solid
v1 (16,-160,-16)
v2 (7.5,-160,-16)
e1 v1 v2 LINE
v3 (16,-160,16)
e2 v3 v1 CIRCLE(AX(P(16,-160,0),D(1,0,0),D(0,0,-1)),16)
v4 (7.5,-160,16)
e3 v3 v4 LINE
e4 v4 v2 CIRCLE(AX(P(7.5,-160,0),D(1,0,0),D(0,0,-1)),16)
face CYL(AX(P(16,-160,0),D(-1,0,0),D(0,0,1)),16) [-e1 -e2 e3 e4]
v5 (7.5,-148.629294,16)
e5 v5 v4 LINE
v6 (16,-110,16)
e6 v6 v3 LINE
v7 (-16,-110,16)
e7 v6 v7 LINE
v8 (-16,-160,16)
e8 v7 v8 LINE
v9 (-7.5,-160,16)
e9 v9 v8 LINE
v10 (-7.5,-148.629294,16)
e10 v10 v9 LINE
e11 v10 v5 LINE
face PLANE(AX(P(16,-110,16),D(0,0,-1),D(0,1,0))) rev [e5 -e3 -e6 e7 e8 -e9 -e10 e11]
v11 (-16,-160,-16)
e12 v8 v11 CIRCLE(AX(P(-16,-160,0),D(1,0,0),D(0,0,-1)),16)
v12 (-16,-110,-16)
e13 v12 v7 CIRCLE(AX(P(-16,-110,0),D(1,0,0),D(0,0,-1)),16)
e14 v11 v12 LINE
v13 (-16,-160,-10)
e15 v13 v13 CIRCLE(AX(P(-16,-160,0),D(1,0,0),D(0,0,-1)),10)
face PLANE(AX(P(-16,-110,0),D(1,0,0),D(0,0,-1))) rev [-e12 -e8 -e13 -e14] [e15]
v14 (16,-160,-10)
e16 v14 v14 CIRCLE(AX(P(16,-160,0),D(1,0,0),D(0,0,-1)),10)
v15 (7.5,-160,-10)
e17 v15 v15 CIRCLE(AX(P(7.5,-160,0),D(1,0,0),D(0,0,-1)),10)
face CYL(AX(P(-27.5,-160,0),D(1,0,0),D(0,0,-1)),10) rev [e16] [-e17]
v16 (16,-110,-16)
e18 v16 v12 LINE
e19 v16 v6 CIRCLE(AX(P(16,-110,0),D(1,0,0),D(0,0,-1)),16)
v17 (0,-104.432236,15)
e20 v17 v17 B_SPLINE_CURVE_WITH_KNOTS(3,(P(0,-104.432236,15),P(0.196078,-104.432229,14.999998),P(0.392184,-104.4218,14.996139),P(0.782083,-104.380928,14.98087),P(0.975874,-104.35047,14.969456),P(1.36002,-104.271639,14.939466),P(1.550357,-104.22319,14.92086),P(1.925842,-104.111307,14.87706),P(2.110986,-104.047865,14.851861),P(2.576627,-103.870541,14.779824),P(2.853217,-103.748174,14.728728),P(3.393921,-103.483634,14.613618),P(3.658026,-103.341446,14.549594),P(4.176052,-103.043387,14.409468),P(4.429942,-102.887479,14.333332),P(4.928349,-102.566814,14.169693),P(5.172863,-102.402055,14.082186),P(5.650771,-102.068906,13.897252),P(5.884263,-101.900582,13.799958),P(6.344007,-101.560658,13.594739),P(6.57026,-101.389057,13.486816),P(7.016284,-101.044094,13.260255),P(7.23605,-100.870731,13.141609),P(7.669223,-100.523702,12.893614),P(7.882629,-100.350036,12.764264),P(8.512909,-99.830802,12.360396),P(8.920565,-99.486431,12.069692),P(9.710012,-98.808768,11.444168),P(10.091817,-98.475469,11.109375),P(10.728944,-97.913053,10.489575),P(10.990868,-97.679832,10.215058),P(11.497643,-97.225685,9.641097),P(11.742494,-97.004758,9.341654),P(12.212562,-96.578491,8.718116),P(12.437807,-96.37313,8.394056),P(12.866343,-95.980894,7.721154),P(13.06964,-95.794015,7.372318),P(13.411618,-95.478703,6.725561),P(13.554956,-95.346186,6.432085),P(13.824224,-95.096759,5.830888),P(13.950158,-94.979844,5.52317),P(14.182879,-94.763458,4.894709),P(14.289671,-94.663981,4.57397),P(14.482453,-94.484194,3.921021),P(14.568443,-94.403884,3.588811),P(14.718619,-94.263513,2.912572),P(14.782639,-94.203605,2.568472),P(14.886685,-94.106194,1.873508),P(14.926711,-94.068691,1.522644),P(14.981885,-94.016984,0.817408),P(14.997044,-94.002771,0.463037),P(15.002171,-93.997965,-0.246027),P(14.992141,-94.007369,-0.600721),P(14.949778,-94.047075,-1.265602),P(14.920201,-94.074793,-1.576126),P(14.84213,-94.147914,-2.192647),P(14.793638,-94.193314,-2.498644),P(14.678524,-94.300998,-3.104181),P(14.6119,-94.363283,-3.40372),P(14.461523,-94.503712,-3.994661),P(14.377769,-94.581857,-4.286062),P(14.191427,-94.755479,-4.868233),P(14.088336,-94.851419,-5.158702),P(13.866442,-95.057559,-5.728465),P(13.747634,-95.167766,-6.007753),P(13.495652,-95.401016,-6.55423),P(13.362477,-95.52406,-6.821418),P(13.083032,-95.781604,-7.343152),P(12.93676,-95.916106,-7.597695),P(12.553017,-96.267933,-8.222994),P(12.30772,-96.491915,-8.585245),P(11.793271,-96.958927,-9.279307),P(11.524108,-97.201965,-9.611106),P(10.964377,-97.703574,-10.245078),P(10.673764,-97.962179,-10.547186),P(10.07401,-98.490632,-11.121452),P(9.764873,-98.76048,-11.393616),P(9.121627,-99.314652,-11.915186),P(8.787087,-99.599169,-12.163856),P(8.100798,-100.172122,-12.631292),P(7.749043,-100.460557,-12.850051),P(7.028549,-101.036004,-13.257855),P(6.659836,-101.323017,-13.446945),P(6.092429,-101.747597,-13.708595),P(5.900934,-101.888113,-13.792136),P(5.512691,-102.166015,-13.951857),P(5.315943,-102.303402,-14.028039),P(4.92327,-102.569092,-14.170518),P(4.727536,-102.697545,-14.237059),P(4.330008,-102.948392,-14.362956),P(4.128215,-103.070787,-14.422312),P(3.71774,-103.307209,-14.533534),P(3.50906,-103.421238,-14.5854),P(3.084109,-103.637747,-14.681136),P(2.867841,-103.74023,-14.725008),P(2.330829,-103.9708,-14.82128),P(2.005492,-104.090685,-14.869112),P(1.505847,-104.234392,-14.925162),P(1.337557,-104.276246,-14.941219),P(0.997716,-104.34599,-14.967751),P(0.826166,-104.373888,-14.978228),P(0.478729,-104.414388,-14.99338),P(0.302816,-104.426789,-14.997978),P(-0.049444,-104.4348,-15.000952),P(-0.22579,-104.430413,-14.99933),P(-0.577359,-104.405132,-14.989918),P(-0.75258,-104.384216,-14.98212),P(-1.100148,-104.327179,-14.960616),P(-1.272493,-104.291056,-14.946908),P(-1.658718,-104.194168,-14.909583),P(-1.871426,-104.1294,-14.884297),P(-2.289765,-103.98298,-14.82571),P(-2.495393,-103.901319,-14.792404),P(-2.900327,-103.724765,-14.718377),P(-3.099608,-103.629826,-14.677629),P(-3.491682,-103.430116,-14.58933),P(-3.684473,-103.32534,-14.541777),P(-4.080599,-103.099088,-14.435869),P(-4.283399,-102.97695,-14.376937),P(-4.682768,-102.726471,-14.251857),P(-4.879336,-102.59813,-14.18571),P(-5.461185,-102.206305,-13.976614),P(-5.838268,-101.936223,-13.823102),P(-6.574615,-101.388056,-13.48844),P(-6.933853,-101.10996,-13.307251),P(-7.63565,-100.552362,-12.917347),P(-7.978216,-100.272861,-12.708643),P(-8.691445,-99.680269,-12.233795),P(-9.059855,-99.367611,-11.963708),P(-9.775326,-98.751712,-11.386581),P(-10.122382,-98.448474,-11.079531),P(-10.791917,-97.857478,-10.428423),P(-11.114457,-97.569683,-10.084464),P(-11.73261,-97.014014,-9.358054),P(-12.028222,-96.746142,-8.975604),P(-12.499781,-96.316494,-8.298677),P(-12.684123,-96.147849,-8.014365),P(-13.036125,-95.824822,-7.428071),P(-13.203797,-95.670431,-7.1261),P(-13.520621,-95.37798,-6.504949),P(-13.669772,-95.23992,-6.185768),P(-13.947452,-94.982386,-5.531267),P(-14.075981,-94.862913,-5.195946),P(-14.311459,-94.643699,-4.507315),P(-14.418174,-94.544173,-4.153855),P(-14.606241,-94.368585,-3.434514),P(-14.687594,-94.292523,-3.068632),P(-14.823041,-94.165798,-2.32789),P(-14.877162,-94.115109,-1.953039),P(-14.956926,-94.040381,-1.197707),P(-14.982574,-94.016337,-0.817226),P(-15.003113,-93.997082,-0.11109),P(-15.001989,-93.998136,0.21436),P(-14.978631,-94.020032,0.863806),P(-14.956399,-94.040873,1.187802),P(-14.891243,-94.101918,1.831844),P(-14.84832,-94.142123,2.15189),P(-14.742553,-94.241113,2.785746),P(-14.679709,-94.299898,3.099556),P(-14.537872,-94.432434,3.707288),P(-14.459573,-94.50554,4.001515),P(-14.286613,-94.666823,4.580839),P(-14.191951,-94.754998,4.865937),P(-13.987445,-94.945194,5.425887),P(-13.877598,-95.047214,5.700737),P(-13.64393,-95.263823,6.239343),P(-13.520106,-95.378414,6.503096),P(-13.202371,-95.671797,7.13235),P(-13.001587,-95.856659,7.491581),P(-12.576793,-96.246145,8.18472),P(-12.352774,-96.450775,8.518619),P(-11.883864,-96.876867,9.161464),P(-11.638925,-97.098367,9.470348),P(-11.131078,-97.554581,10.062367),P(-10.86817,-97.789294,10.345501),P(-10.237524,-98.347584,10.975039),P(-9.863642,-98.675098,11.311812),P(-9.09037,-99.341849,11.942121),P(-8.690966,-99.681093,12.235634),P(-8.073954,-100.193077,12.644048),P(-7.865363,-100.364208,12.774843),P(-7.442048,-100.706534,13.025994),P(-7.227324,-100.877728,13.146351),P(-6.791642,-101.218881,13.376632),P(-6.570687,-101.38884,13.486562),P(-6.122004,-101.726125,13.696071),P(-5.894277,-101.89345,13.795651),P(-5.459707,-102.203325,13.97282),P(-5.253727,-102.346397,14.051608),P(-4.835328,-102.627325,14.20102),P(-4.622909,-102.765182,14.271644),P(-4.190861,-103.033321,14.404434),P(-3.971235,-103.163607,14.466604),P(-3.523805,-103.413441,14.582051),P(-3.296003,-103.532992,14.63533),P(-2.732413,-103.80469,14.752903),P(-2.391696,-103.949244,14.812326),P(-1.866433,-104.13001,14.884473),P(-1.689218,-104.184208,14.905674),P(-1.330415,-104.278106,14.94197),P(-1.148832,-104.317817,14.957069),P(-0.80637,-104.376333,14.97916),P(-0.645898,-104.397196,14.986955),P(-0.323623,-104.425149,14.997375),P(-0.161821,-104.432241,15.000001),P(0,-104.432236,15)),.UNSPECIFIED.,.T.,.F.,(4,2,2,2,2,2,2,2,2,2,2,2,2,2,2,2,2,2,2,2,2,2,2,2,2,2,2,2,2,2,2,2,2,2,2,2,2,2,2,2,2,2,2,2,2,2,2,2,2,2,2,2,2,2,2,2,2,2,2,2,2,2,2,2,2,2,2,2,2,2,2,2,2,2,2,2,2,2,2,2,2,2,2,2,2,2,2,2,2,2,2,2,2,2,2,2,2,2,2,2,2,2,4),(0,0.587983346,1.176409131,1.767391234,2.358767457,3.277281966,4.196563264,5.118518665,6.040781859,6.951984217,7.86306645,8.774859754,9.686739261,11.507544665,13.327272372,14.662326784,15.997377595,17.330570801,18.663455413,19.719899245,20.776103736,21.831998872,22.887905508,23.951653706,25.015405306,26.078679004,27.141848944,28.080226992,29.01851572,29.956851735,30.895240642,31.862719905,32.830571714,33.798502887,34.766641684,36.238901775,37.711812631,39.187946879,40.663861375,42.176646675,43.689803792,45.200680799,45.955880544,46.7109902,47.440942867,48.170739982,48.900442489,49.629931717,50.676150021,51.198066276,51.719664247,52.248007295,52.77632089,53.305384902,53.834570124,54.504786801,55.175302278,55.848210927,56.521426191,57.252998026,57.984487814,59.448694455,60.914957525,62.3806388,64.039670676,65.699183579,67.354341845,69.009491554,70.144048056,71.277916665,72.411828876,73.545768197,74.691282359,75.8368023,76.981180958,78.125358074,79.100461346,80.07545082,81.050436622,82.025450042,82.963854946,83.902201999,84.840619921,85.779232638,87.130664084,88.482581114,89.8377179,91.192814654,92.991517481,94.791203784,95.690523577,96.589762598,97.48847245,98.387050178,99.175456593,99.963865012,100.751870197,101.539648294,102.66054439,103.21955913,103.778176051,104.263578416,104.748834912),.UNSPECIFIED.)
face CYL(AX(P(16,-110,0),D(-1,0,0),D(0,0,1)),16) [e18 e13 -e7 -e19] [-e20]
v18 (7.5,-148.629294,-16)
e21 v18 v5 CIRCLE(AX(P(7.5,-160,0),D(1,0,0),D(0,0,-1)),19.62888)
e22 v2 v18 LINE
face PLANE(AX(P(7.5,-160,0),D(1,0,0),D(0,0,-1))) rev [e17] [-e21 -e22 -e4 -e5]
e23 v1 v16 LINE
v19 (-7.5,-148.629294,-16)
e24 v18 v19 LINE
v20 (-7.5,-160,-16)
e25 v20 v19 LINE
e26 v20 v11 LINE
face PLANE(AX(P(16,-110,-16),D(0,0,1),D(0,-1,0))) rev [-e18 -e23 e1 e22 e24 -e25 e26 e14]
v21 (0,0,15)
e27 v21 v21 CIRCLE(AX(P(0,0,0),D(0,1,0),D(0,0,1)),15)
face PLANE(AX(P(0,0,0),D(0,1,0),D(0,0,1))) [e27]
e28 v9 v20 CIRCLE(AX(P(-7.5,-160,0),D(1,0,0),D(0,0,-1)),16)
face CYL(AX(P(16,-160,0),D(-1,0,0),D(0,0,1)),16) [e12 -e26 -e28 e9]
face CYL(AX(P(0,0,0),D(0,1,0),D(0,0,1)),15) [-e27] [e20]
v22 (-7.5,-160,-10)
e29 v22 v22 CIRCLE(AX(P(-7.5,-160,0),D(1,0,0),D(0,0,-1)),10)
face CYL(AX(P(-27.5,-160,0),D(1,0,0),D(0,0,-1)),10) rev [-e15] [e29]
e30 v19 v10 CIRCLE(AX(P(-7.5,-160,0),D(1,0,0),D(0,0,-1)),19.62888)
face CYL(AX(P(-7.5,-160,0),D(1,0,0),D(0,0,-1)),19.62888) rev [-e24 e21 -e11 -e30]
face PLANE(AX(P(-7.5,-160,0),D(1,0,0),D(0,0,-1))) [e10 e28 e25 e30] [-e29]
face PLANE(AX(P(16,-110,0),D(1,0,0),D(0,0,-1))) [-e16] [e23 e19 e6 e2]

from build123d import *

# Parameters (mm, degrees)
SKETCH_19_W         = 15
SKETCH_19_H         = 110
EXTRUDE_11_DEPTH    = 16
SKETCH_23_R         = 19.628880498
CUT_EXTRUDE_4_DEPTH = 7.5
SKETCH_24_R         = 10
CUT_EXTRUDE_5_DEPTH = 27.5


with BuildPart() as part:
    # 草图19 → 旋转1 (revolve)
    with BuildSketch(Plane(origin=(0, 0, 0), x_dir=(0, 0, -1), z_dir=(1, 0, 0))):
        with Locations((-7.5, -55)):
            Rectangle(SKETCH_19_W, SKETCH_19_H)
    revolve(axis=Axis((0, 0, 0), (0, -1, 0)))

    # 草图22 → 凸台-拉伸11 (add, symmetric)
    with BuildSketch(Plane(origin=(0, 0, 0), x_dir=(0, 0, -1), z_dir=(1, 0, 0))):
        with BuildLine():
            Line((16, -110), (16, -160))
            ThreePointArc((16, -160), (0, -176), (-16, -160))
            Line((-16, -160), (-16, -110))
            ThreePointArc((-16, -110), (0, -94), (16, -110))
        make_face()
    extrude(amount=EXTRUDE_11_DEPTH, both=True)

    # 草图23 → 切除-拉伸4 (cut, symmetric)
    with BuildSketch(Plane(origin=(0, 0, 0), x_dir=(0, 0, -1), z_dir=(1, 0, 0))):
        with Locations((0, -160)):
            Circle(SKETCH_23_R)
    extrude(amount=CUT_EXTRUDE_4_DEPTH, both=True, mode=Mode.SUBTRACT)

    # 草图24 → 切除-拉伸5 (cut, symmetric)
    with BuildSketch(Plane(origin=(0, 0, 0), x_dir=(0, 0, -1), z_dir=(1, 0, 0))):
        with Locations((0, -160)):
            Circle(SKETCH_24_R)
    extrude(amount=CUT_EXTRUDE_5_DEPTH, both=True, mode=Mode.SUBTRACT)


solid = part.part
